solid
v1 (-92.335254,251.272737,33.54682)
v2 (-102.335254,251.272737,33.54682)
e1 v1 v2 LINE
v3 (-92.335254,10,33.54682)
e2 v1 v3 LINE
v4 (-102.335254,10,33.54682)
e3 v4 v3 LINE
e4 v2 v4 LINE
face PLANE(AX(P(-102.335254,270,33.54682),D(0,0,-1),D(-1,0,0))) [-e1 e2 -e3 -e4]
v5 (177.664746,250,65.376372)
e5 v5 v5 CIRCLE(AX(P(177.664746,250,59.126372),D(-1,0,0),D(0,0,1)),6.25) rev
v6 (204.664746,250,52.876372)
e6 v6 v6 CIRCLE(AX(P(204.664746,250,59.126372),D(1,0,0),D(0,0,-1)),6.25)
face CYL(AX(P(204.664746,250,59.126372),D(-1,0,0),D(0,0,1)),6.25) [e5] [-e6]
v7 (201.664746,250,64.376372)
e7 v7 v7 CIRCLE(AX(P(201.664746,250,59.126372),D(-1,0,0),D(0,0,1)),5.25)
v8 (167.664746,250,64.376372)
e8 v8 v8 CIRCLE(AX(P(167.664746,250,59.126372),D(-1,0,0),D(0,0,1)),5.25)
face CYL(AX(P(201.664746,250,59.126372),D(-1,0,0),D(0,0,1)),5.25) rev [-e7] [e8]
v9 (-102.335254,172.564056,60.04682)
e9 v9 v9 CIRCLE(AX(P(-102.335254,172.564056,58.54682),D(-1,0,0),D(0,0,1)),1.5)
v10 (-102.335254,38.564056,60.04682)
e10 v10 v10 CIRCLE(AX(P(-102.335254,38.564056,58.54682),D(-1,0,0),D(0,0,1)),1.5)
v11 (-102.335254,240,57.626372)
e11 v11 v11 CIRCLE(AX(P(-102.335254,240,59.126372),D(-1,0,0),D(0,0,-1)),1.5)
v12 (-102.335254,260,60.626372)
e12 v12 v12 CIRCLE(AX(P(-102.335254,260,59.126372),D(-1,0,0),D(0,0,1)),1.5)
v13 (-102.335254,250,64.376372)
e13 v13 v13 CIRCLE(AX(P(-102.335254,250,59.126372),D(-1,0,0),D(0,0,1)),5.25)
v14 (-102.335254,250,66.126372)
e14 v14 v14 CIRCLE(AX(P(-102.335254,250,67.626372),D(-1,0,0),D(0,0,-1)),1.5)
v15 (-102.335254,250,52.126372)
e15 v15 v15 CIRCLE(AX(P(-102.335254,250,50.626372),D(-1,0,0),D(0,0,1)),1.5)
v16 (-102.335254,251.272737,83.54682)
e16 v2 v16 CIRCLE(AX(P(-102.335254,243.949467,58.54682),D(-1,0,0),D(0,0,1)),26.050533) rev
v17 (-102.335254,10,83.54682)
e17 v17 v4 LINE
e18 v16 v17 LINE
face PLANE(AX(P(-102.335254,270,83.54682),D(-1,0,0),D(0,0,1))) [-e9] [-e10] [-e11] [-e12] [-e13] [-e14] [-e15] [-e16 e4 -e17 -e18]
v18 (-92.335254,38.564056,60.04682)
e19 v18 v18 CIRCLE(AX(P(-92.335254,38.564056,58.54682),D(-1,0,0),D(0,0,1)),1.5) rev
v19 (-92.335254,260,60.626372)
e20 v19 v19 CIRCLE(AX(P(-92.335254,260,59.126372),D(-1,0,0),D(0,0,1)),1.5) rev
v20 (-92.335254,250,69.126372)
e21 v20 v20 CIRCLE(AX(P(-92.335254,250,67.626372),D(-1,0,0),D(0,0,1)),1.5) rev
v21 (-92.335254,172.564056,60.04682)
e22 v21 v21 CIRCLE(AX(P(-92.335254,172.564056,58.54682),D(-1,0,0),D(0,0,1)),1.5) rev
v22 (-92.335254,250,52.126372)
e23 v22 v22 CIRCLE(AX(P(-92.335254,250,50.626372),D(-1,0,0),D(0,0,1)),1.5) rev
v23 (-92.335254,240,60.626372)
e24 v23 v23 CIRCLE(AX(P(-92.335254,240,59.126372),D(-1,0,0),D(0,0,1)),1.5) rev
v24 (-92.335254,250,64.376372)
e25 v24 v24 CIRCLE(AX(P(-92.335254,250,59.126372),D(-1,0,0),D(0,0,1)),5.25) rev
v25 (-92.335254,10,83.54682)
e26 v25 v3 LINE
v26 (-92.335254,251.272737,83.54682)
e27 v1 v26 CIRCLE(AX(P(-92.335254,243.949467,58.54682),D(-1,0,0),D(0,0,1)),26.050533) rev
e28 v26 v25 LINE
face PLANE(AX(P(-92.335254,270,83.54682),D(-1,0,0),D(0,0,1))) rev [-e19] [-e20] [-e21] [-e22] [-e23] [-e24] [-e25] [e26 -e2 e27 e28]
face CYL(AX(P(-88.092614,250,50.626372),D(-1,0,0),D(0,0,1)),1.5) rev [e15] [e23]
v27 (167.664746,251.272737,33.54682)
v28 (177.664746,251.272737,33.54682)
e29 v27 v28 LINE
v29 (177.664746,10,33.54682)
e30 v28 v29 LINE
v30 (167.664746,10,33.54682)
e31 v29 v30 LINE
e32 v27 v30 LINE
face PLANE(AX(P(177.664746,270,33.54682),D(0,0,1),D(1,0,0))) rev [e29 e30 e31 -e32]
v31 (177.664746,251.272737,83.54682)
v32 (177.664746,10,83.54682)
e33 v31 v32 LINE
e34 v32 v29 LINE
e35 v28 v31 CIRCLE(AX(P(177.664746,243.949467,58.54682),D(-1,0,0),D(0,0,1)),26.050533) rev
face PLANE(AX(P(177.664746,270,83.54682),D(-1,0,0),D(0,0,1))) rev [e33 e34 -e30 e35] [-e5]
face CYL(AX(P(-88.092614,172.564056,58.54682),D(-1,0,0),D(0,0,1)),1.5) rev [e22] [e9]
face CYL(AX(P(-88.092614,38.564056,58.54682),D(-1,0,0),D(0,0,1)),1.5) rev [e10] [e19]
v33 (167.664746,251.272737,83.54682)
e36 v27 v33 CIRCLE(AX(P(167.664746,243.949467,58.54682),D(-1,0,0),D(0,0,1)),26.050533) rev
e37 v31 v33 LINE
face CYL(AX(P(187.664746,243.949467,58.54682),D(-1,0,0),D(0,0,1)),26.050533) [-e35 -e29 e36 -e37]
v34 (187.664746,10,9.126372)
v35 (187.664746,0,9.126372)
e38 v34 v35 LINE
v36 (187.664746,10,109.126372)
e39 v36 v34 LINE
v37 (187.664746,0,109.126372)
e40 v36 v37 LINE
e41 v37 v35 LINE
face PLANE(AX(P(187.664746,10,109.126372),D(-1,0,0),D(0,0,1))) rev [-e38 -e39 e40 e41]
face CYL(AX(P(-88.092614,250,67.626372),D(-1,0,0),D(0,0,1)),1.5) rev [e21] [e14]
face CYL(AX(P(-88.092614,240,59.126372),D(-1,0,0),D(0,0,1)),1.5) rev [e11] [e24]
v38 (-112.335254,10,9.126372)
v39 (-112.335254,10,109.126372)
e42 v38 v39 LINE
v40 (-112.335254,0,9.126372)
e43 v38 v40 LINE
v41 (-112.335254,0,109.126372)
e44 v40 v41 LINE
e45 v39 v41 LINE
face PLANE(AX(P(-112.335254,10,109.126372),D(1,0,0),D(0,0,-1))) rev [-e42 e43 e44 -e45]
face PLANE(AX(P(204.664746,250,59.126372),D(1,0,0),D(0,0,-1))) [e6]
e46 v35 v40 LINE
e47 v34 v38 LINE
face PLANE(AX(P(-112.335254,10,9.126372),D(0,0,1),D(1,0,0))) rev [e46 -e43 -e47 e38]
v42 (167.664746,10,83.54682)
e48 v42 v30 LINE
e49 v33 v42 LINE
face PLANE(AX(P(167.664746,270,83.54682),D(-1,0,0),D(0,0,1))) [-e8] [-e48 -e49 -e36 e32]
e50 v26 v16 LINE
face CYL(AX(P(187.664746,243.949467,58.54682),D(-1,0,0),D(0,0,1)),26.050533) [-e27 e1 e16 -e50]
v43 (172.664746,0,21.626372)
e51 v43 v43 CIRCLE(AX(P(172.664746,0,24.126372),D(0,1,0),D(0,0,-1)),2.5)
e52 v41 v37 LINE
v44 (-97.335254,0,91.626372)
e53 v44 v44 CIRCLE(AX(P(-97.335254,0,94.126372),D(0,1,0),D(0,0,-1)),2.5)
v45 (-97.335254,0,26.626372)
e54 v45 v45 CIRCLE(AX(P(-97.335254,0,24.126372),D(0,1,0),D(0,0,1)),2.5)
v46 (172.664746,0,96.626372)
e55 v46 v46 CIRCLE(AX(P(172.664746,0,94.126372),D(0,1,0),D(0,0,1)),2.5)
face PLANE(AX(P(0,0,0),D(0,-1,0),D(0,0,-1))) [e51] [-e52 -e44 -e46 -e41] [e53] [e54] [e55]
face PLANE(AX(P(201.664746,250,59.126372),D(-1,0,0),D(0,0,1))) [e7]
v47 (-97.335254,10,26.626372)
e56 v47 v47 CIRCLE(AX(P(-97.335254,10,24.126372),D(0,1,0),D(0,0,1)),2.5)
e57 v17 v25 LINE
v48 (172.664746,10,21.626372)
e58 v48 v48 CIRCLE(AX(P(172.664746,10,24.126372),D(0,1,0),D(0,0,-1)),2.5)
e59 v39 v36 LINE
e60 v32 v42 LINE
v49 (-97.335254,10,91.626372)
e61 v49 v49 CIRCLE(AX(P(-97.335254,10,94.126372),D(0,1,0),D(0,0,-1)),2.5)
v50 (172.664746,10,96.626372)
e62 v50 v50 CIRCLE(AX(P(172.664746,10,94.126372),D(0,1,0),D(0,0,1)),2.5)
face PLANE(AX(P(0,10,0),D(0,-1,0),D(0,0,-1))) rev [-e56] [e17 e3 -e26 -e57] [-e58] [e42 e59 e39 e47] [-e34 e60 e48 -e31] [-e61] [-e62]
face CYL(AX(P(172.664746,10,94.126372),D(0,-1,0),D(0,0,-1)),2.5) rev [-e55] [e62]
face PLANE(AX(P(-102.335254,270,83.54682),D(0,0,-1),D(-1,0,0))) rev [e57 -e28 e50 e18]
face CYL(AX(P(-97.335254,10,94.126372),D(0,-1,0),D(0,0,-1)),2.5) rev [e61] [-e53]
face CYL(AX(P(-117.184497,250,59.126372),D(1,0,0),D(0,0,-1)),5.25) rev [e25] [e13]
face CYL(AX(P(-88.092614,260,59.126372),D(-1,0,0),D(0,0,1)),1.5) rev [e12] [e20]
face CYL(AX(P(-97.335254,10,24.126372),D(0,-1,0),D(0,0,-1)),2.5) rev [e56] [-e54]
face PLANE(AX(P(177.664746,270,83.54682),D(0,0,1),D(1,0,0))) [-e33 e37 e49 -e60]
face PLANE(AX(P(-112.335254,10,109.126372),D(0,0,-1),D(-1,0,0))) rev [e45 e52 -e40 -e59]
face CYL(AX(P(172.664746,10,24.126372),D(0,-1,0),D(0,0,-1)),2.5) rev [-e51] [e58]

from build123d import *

# Parameters (mm, degrees)
SKETCH1_W               = 300
SKETCH1_H               = 100
SKETCH1_R               = 2.5
BOSS_EXTRUDE1_DEPTH     = 10
SKETCH2_W               = 10
SKETCH2_H               = 50
BOSS_EXTRUDE2_DEPTH     = 260
SKETCH3_R               = 5.25
CUT_EXTRUDE1_DEPTH      = 20
CUT_EXTRUDE2_DEPTH      = 411.984872046
CUT_EXTRUDE2_DEPTH_BACK = 411.984872046
SKETCH5_R               = 1.5
CUT_EXTRUDE3_DEPTH      = 10
SKETCH7_R               = 1.5
CUT_EXTRUDE6_DEPTH      = 10
SKETCH8_R               = 1.5
CUT_EXTRUDE7_DEPTH      = 10
SKETCH12_R              = 6.25
BOSS_EXTRUDE4_DEPTH     = 27
CUT_EXTRUDE10_START     = -34
SKETCH13_R              = 5.25
CUT_EXTRUDE10_DEPTH     = 34


with BuildPart() as part:
    # Sketch1 → Boss-Extrude1 (new body)
    with BuildSketch(Plane(origin=(0, 0, 0), x_dir=(1, 0, 0), z_dir=(0, 1, 0))):
        with Locations((37.664745703, -59.126371929)):
            Rectangle(SKETCH1_W, SKETCH1_H)
        with Locations(Location((-97.335254297, -24.126371929, 0), (0, 0, 270))):
            Circle(SKETCH1_R, mode=Mode.SUBTRACT)
        with Locations(Location((-97.335254297, -94.126371929, 0), (0, 0, 90))):
            Circle(SKETCH1_R, mode=Mode.SUBTRACT)
        with Locations(Location((172.664745703, -24.126371929, 0), (0, 0, 90))):
            Circle(SKETCH1_R, mode=Mode.SUBTRACT)
        with Locations(Location((172.664745703, -94.126371929, 0), (0, 0, 270))):
            Circle(SKETCH1_R, mode=Mode.SUBTRACT)
    extrude(amount=BOSS_EXTRUDE1_DEPTH)

    # Sketch2 → Boss-Extrude2 (add)
    with BuildSketch(Plane(origin=(0, 10, 0), x_dir=(1, 0, 0), z_dir=(0, 1, 0))):
        with Locations((172.664745703, -58.546819536)):
            Rectangle(SKETCH2_W, SKETCH2_H)
        with Locations((-97.335254297, -58.546819536)):
            Rectangle(SKETCH2_W, SKETCH2_H)
    extrude(amount=BOSS_EXTRUDE2_DEPTH)

    # Sketch3 → Cut-Extrude1 (cut)
    with BuildSketch(Plane.ZY.offset(82.335254297)):
        with Locations((59.126371929, 250)):
            Circle(SKETCH3_R)
    extrude(amount=CUT_EXTRUDE1_DEPTH, mode=Mode.SUBTRACT)

    # Sketch4 → Cut-Extrude2 (cut, two sides: drawn at the far end of the back side and taken through both)
    with BuildSketch(Plane.ZY.offset(102.335254297).offset(-CUT_EXTRUDE2_DEPTH_BACK)):
        with BuildLine():
            Line((83.546819536, 270), (58.546819536, 270))
            ThreePointArc((58.546819536, 270), (74.165001003, 264.798991748), (83.546819536, 251.27273727))
            Line((83.546819536, 251.27273727), (83.546819536, 270))
        make_face()
        with BuildLine():
            Line((33.546819536, 270), (33.546819536, 251.27273727))
            ThreePointArc((33.546819536, 251.27273727), (42.928638069, 264.798991748), (58.546819536, 270))
            Line((58.546819536, 270), (33.546819536, 270))
        make_face()
    extrude(amount=CUT_EXTRUDE2_DEPTH + CUT_EXTRUDE2_DEPTH_BACK, mode=Mode.SUBTRACT)

    # Sketch5 → Cut-Extrude3 (cut)
    with BuildSketch(Plane.ZY.offset(102.335254297)):
        with Locations((58.546819536, 172.564056087)):
            Circle(SKETCH5_R)
        with Locations((58.546819536, 38.564056087)):
            Circle(SKETCH5_R)
    extrude(amount=-CUT_EXTRUDE3_DEPTH, mode=Mode.SUBTRACT)

    # Sketch7 → Cut-Extrude6 (cut)
    with BuildSketch(Plane.ZY.offset(102.335254297)):
        with Locations((59.126371929, 260)):
            Circle(SKETCH7_R)
        with Locations((59.126371929, 240)):
            Circle(SKETCH7_R)
    extrude(amount=-CUT_EXTRUDE6_DEPTH, mode=Mode.SUBTRACT)

    # Sketch8 → Cut-Extrude7 (cut)
    with BuildSketch(Plane.ZY.offset(102.335254297)):
        with Locations((50.626371929, 250)):
            Circle(SKETCH8_R)
        with Locations((67.626371929, 250)):
            Circle(SKETCH8_R)
    extrude(amount=-CUT_EXTRUDE7_DEPTH, mode=Mode.SUBTRACT)

    # Sketch12 → Boss-Extrude4 (add)
    with BuildSketch(Plane(origin=(177.664745703, 0, 0), x_dir=(0, 0, -1), z_dir=(1, 0, 0))):
        with Locations(Location((-59.126371929, 250, 0), (0, 0, 180))):
            Circle(SKETCH12_R)
    extrude(amount=BOSS_EXTRUDE4_DEPTH)

    # Sketch13 → Cut-Extrude10 (cut)
    with BuildSketch(Plane.ZY.offset(-167.664745703).offset(CUT_EXTRUDE10_START)):
        with Locations((59.126371929, 250)):
            Circle(SKETCH13_R)
    extrude(amount=CUT_EXTRUDE10_DEPTH, mode=Mode.SUBTRACT)


solid = part.part
